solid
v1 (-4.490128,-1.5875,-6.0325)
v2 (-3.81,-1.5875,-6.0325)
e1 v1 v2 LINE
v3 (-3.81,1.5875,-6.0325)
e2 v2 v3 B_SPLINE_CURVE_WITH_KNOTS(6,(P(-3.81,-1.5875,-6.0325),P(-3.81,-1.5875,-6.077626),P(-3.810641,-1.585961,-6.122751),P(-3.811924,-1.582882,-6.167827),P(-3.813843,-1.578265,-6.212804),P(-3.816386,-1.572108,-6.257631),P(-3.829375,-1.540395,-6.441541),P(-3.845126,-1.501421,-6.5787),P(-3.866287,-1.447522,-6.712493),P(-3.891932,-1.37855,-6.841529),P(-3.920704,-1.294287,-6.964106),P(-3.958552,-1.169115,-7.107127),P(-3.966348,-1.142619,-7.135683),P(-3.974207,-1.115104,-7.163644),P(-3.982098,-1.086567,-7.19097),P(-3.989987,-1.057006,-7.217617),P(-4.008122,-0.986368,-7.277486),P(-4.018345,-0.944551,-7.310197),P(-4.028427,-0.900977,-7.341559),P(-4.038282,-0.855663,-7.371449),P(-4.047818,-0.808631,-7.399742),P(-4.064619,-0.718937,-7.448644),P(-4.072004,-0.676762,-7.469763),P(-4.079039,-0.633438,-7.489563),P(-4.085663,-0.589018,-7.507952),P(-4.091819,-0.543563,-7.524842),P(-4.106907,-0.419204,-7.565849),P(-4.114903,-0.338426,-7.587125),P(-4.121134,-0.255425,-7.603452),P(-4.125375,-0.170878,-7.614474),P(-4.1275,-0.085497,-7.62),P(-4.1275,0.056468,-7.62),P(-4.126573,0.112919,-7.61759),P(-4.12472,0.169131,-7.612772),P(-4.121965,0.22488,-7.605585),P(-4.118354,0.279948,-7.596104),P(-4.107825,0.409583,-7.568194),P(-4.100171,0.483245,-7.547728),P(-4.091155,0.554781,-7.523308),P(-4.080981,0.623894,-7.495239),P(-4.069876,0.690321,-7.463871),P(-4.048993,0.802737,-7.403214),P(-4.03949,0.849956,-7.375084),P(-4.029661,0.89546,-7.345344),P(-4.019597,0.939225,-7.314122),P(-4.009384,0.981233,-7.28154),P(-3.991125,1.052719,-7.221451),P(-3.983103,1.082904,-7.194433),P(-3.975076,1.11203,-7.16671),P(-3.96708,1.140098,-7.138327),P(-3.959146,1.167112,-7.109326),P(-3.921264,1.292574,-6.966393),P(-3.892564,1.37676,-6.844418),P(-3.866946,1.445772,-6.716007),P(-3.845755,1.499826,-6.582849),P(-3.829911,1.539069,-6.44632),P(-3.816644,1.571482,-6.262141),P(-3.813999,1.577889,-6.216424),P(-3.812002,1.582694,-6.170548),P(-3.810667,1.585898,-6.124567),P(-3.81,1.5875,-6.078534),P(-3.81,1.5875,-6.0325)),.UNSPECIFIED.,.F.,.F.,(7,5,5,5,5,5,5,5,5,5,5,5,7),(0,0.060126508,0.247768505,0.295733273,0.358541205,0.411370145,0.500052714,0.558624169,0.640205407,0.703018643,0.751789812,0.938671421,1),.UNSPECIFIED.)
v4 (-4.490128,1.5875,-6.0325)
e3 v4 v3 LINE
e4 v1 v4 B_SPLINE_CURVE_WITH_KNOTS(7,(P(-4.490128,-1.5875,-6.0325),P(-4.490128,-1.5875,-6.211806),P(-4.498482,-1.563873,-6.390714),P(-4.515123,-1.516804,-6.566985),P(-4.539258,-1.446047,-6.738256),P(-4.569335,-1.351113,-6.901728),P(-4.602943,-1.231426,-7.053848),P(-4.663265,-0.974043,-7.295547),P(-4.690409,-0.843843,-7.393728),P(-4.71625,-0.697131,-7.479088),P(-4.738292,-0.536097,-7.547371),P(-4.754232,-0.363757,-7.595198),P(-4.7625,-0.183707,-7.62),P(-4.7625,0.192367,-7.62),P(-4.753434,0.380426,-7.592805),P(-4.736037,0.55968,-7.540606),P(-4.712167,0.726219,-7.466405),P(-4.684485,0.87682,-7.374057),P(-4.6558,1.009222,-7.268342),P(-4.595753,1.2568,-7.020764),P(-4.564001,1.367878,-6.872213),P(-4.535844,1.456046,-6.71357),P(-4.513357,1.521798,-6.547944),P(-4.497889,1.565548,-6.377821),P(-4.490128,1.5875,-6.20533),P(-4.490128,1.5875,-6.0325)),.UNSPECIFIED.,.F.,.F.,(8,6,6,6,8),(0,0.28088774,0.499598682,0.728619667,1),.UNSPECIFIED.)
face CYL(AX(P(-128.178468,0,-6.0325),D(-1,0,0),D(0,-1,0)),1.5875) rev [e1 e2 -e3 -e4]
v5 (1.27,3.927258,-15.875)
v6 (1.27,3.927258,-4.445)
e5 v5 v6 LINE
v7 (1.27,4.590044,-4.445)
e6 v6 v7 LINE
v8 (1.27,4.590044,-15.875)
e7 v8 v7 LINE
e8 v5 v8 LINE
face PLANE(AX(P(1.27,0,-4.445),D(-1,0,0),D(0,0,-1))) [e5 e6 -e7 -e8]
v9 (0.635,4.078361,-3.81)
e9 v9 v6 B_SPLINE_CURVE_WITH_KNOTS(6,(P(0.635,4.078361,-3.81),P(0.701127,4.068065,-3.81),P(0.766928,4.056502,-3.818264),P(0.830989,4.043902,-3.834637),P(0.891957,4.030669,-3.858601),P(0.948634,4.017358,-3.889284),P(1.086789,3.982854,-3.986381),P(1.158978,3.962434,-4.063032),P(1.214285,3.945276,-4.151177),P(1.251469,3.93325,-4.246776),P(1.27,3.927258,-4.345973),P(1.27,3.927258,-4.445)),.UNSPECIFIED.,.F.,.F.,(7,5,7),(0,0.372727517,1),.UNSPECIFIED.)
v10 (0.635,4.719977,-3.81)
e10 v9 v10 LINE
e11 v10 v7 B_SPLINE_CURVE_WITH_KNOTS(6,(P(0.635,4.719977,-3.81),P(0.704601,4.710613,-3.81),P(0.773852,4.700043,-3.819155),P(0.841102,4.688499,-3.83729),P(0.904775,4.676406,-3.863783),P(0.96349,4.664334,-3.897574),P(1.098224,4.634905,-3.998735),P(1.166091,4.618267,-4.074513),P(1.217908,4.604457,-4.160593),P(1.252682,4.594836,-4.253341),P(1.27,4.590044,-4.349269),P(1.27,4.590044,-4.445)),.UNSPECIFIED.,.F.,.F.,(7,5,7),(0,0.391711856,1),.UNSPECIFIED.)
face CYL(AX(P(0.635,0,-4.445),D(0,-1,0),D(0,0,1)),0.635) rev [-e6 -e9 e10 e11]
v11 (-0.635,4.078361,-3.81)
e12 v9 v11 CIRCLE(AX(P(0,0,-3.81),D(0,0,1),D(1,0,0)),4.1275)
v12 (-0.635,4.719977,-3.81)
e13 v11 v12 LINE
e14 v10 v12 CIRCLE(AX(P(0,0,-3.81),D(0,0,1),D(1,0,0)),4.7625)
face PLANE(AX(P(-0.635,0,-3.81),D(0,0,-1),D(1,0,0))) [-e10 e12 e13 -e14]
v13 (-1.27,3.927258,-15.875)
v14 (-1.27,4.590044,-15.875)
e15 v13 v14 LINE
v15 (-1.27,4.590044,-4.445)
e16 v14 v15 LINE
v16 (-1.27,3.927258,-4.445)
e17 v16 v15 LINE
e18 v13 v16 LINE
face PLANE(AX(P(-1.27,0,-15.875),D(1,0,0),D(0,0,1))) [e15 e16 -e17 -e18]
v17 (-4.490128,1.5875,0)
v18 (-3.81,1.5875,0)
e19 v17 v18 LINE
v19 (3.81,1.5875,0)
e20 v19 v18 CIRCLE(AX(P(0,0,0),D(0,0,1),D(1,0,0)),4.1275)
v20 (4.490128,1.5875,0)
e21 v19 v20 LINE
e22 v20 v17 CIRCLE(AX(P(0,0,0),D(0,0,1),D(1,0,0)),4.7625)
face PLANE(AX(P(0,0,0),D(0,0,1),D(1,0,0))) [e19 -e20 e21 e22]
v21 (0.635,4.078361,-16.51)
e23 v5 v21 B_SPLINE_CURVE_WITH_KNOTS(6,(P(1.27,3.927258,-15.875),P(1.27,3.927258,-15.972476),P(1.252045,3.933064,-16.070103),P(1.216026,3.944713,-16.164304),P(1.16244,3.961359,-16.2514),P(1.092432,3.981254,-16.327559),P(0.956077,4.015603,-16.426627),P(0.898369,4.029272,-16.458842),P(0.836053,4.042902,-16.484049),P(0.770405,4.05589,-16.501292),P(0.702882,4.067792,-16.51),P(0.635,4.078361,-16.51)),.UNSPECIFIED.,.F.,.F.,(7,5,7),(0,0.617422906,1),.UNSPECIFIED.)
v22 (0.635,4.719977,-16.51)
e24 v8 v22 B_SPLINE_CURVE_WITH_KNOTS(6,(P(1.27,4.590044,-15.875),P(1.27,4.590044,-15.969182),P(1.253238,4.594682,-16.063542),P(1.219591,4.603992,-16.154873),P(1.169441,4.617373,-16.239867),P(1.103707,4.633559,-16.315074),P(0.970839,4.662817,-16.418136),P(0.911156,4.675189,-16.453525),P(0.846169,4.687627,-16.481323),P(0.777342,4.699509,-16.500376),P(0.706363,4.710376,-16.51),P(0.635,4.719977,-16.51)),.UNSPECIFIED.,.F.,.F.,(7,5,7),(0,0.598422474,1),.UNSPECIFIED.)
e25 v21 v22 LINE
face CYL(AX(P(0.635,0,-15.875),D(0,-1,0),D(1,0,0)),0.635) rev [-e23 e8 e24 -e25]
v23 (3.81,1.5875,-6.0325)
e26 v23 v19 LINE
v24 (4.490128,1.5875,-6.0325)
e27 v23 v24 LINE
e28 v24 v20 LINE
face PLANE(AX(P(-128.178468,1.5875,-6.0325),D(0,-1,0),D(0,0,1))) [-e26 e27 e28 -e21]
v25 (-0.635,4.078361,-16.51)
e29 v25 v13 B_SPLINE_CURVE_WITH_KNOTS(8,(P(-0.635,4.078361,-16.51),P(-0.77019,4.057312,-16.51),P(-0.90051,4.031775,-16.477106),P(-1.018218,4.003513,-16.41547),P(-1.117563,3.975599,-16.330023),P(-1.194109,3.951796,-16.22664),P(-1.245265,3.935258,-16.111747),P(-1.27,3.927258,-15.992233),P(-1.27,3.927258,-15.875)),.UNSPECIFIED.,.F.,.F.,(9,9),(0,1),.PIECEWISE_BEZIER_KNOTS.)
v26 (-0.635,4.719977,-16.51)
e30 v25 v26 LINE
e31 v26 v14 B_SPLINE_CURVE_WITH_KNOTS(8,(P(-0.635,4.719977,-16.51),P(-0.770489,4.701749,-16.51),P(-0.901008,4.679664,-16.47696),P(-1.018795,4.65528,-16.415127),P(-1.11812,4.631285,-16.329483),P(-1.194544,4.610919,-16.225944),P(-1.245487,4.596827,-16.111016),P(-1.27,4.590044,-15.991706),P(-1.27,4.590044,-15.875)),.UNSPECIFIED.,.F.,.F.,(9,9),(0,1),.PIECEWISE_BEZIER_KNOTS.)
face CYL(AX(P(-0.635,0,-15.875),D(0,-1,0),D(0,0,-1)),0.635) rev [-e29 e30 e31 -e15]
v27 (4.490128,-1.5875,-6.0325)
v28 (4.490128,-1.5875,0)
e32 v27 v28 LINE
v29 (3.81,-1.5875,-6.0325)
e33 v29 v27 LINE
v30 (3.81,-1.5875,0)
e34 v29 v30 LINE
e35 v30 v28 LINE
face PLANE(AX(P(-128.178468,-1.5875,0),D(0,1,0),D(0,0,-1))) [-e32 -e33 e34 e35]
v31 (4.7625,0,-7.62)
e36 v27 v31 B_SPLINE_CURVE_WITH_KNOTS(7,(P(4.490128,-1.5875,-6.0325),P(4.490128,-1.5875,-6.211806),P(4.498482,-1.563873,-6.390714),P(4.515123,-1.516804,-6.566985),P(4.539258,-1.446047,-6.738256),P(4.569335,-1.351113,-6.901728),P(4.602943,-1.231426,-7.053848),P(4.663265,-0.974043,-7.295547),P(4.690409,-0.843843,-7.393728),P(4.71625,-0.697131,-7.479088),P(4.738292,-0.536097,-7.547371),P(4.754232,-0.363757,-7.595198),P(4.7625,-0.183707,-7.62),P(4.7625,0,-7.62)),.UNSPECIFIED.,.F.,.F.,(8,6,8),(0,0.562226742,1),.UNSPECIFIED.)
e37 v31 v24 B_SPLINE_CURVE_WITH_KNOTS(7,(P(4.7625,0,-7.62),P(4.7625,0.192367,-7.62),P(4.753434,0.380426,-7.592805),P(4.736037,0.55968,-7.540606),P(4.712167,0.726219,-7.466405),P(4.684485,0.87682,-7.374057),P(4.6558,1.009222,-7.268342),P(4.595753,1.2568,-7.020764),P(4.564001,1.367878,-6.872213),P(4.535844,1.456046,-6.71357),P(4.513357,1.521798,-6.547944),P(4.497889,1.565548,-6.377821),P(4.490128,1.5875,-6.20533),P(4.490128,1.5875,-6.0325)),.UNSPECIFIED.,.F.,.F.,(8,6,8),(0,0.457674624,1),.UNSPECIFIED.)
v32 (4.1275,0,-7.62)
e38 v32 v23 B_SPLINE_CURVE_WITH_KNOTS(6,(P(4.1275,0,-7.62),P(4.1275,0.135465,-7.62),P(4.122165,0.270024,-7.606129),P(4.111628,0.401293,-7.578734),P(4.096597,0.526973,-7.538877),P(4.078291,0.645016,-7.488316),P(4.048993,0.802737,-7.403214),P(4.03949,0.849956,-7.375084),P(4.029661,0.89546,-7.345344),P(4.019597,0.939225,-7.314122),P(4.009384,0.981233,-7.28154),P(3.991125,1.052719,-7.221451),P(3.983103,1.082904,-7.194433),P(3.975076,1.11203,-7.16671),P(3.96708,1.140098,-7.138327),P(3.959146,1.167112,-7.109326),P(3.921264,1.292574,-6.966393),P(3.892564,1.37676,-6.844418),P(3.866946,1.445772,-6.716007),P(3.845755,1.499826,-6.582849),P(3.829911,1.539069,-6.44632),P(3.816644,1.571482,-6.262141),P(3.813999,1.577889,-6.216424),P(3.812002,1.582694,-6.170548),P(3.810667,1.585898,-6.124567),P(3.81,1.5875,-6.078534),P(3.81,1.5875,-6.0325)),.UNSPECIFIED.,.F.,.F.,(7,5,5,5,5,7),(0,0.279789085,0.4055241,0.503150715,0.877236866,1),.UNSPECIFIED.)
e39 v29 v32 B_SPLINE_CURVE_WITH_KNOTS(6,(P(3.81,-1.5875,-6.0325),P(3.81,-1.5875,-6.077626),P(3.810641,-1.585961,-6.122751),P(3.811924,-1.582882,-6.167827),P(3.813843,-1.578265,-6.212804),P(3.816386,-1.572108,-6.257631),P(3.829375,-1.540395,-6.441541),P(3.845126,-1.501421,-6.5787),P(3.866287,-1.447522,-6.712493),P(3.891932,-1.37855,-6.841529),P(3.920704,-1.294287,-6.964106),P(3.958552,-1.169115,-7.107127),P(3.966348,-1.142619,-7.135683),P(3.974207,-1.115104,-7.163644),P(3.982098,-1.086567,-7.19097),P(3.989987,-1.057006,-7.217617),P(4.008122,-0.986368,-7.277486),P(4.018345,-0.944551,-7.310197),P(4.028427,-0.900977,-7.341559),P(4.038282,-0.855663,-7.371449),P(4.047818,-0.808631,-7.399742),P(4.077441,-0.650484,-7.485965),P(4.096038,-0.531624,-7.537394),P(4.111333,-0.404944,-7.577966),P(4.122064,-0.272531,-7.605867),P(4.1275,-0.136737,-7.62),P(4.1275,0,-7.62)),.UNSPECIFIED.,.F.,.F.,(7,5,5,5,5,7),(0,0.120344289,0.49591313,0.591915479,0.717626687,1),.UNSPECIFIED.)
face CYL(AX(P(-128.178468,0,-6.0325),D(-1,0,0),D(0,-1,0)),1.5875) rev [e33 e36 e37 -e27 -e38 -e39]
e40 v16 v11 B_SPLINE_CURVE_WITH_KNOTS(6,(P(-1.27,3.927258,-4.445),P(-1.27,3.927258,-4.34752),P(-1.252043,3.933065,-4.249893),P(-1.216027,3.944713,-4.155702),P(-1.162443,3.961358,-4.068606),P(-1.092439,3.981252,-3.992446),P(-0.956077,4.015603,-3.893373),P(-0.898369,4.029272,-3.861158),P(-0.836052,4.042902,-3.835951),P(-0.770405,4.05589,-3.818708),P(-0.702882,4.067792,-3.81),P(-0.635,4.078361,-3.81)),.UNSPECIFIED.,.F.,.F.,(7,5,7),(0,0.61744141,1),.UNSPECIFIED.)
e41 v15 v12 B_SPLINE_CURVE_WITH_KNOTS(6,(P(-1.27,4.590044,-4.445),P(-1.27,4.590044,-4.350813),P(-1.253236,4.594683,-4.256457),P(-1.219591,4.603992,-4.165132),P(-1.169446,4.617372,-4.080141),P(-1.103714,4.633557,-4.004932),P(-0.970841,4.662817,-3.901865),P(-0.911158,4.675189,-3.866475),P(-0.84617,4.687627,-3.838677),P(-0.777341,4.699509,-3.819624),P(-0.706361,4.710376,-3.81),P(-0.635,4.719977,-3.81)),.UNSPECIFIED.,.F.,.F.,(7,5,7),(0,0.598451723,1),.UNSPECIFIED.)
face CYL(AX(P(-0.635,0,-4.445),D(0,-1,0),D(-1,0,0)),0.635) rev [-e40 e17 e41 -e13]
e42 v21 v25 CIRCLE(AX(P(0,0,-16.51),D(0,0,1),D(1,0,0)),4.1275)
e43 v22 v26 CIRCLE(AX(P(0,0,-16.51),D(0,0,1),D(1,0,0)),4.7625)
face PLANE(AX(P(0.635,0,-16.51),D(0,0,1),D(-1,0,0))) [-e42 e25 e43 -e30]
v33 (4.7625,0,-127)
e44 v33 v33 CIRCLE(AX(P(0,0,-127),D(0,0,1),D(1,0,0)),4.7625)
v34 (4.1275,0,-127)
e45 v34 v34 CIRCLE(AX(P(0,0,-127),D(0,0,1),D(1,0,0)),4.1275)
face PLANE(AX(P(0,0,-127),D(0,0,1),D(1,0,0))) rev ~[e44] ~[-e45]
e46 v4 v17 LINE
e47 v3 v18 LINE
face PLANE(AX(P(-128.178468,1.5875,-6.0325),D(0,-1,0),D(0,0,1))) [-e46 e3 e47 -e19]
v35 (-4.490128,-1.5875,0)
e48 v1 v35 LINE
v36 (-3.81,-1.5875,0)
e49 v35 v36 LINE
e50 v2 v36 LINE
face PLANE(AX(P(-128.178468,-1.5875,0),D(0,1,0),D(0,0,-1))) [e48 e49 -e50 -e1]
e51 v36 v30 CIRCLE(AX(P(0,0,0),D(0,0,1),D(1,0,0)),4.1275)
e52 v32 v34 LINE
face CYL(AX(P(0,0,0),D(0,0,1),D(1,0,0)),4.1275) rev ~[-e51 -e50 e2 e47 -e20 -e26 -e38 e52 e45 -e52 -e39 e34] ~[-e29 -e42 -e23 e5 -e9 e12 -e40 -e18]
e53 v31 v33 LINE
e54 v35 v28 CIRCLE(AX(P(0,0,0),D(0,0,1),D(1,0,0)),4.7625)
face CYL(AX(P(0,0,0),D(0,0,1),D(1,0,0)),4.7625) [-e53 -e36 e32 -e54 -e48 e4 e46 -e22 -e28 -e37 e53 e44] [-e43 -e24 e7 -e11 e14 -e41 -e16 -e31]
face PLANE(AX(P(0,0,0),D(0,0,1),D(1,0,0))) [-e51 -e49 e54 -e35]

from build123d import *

# Parameters (mm, degrees)
SKETCH1_R               = 4.7625
SKETCH1_R_2             = 4.1275
SHAFTBODY_DEPTH         = 127
SIDECUTS_DEPTH          = 128.178468353
SIDECUTS_DEPTH_BACK     = 128.178468353
CUT_EXTRUDE2_REACH      = 129.178
CUT_EXTRUDE2_END_RADIUS = 4.7625


with BuildPart() as part:
    # Sketch1 → ShaftBody (new body)
    with BuildSketch(Plane.XY):
        Circle(SKETCH1_R)
        Circle(SKETCH1_R_2, mode=Mode.SUBTRACT)
    extrude(amount=-SHAFTBODY_DEPTH)

    # Sketch6 → SideCuts (cut, two sides: drawn at the far end of the back side and taken through both)
    with BuildSketch(Plane(origin=(0, 0, 0), x_dir=(0, 0, -1), z_dir=(1, 0, 0)).offset(-SIDECUTS_DEPTH_BACK)):
        with BuildLine():
            Line((6.0325, 1.5875), (0, 1.5875))
            Line((0, 1.5875), (0, -1.5875))
            Line((0, -1.5875), (6.0325, -1.5875))
            ThreePointArc((6.0325, -1.5875), (7.62, 0), (6.0325, 1.5875))
        make_face()
    extrude(amount=SIDECUTS_DEPTH + SIDECUTS_DEPTH_BACK, mode=Mode.SUBTRACT)

    # Cut-Extrude2: up to this cylinder (the profile starts inside it)
    cut_extrude2_end = Plane(origin=(0, 0, -10.16), z_dir=(0, 0, 1)) * Cylinder(CUT_EXTRUDE2_END_RADIUS, 268.881, mode=Mode.PRIVATE)
    # Sketch7 → Cut-Extrude2 (cut, up to the surface)
    with BuildSketch(Plane(origin=(0, 0, 0), x_dir=(1, 0, 0), z_dir=(0, 1, 0)), mode=Mode.PRIVATE) as cut_extrude2_sk1:
        with BuildLine():
            Line((-0.635, 3.81), (0.635, 3.81))
            ThreePointArc((0.635, 3.81), (1.084012806, 3.995987194), (1.27, 4.445))
            Line((1.27, 4.445), (1.27, 15.875))
            ThreePointArc((1.27, 15.875), (1.084012806, 16.324012806), (0.635, 16.51))
            Line((0.635, 16.51), (-0.635, 16.51))
            ThreePointArc((-0.635, 16.51), (-1.084012806, 16.324012806), (-1.27, 15.875))
            Line((-1.27, 15.875), (-1.27, 4.445))
            ThreePointArc((-1.27, 4.445), (-1.084012806, 3.995987194), (-0.635, 3.81))
        make_face()
    cut_extrude2_tool1 = extrude(cut_extrude2_sk1.sketch, amount=CUT_EXTRUDE2_REACH, mode=Mode.PRIVATE) & cut_extrude2_end
    add(cut_extrude2_tool1.solids().sort_by_distance((0, 0, -10.16))[0], mode=Mode.SUBTRACT)


solid = part.part
